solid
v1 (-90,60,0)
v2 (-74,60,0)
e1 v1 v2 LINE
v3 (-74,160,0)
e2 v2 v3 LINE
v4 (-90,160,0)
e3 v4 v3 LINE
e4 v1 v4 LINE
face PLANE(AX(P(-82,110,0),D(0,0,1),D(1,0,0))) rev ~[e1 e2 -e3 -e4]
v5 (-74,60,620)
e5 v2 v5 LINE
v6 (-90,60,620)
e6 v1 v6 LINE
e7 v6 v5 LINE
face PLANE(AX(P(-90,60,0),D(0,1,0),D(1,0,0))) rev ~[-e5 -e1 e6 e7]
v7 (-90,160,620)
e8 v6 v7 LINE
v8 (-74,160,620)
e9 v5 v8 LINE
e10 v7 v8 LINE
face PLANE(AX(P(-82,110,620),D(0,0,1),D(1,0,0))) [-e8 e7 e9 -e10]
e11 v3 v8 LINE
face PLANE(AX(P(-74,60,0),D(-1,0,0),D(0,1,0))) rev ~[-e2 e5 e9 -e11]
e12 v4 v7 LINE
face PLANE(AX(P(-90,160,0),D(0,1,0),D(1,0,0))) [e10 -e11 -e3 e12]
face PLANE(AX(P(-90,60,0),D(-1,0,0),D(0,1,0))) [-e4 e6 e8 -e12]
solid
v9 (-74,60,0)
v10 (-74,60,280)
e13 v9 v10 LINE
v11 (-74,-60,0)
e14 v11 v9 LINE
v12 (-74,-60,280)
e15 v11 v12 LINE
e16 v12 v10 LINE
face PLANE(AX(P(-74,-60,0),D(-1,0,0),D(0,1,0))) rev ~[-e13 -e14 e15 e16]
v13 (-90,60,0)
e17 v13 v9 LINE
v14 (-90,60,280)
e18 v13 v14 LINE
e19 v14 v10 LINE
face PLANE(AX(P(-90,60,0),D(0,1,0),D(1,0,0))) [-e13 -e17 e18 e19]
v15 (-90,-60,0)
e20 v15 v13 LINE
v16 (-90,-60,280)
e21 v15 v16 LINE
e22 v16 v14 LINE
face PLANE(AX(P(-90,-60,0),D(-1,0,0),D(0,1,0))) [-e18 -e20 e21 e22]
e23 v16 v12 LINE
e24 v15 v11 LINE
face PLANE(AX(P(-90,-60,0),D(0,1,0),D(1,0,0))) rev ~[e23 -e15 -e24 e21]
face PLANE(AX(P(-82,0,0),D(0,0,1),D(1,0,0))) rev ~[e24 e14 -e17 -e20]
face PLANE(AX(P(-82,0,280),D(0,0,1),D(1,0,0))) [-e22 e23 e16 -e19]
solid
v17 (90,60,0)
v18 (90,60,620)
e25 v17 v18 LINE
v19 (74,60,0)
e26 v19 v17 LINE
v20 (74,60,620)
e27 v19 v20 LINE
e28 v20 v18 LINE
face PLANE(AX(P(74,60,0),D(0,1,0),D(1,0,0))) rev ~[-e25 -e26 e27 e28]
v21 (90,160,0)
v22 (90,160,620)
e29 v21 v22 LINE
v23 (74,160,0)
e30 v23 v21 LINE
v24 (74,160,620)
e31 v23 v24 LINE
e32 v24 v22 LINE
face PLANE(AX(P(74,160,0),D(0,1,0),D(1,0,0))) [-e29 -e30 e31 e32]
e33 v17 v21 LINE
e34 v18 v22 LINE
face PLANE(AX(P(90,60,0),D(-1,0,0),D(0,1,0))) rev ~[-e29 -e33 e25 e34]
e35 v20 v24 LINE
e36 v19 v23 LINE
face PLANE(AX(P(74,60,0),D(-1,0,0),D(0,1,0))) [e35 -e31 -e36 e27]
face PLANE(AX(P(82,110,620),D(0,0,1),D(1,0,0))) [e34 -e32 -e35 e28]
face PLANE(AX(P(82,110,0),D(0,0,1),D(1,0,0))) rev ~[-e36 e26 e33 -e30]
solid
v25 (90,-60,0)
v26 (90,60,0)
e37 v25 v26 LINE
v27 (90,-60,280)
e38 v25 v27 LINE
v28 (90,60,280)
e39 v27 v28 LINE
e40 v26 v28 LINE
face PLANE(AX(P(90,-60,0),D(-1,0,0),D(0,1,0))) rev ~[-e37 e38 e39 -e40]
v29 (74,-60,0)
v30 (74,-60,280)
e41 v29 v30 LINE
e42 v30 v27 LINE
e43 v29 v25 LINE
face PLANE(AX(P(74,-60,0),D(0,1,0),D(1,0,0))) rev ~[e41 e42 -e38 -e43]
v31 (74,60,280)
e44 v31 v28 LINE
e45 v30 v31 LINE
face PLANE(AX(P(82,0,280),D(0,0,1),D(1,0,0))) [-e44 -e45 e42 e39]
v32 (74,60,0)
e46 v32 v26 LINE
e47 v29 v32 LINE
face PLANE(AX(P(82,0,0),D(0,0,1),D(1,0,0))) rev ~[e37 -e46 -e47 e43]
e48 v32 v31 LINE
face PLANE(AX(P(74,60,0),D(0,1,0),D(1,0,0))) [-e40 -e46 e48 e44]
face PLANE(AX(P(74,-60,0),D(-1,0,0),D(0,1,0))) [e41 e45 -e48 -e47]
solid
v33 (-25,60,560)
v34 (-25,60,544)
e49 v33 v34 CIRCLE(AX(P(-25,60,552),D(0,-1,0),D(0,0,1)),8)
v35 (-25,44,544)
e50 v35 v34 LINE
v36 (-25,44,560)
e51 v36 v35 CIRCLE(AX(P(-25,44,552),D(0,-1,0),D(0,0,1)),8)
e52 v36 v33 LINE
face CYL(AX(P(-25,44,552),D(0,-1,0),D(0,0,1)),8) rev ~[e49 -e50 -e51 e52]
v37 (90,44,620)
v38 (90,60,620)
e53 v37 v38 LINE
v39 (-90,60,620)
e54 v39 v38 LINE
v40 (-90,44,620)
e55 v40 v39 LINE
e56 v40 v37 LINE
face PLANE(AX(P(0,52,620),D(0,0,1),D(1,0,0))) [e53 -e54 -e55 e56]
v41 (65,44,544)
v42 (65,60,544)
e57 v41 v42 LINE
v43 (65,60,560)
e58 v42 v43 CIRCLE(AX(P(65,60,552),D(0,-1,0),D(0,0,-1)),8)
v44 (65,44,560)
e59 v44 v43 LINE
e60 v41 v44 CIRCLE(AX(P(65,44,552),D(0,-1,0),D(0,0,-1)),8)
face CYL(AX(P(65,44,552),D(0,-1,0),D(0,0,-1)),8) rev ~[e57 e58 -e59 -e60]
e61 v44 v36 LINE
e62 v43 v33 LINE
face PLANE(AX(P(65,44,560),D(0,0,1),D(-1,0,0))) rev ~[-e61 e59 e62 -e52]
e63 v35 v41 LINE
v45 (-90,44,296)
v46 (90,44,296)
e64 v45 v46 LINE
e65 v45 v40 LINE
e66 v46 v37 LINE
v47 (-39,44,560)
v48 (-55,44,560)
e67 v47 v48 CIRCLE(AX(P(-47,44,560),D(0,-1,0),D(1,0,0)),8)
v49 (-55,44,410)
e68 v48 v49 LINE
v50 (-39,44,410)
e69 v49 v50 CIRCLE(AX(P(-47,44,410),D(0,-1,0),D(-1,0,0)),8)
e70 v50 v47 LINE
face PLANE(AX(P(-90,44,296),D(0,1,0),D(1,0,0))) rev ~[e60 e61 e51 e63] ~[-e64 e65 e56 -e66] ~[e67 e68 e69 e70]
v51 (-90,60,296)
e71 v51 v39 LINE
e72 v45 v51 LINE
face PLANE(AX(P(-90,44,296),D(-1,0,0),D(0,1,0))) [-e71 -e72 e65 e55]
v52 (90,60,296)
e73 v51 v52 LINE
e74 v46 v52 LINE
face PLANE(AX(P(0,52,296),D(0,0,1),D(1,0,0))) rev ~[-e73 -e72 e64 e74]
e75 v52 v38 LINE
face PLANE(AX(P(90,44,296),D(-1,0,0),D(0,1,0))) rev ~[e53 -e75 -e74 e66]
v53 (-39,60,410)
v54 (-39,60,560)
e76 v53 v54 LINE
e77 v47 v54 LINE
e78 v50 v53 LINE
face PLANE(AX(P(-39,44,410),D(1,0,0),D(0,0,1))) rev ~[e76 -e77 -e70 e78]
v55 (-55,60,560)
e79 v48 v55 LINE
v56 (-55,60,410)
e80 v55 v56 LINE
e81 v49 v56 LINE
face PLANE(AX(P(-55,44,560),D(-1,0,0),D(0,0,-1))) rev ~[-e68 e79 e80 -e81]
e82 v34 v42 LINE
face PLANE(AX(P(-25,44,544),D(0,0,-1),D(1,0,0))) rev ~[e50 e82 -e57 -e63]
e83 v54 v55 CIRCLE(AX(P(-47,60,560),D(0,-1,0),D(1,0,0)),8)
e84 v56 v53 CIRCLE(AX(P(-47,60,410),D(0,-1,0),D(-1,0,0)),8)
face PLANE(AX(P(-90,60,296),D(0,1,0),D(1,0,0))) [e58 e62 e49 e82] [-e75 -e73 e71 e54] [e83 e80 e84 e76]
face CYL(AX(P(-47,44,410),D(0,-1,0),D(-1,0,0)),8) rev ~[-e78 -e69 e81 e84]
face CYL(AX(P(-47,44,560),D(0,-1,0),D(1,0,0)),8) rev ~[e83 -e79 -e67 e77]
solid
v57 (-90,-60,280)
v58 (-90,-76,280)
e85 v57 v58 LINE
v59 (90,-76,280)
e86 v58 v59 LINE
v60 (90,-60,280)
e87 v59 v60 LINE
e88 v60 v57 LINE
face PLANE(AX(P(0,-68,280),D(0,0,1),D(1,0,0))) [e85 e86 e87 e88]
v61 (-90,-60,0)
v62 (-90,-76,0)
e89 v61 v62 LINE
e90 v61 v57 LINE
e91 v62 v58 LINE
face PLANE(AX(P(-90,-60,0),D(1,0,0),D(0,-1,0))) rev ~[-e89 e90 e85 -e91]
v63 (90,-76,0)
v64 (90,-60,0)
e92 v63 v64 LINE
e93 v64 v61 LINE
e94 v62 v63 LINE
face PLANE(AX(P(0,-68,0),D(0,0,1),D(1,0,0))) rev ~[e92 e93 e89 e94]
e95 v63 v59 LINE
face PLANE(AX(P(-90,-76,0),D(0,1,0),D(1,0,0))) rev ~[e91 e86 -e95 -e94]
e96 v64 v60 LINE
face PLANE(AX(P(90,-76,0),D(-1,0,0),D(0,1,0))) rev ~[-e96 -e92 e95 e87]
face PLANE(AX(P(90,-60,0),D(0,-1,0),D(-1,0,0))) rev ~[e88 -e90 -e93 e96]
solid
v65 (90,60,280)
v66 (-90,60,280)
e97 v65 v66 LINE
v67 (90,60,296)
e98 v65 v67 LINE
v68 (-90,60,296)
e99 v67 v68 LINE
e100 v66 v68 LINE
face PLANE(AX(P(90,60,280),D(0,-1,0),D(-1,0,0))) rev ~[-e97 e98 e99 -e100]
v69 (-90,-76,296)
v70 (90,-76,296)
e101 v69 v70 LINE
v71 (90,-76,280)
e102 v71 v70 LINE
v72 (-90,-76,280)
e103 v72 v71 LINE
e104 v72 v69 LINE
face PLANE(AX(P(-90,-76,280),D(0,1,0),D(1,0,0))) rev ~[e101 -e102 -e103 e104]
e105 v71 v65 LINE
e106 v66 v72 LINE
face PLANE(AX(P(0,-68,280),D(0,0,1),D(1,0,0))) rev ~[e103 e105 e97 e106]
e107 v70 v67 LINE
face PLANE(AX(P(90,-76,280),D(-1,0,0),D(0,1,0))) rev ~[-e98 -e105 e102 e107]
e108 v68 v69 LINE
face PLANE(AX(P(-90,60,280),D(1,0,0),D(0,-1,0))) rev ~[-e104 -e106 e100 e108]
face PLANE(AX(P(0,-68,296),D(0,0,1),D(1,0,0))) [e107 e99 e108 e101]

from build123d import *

# Parameters (mm, degrees)
F0_W     = 16
F0_H     = 120
F1_DEPTH = 280
F0_H_2   = 100
F2_DEPTH = 620
F3_DEPTH = 280
F4_W     = 180
F4_H     = 16
F4_W_2   = 16
F4_H_2   = 120
F4_W_3   = 164
F5_DEPTH = 16
F6_W     = 180
F6_H     = 16
F7_DEPTH = 324
F9_DEPTH = 16


with BuildPart() as f1:
    # F0 (on Top) → F1 (new body)
    with BuildSketch(Plane.XY):
        with Locations((-82, 0)):
            Rectangle(F0_W, F0_H)
        with Locations((82, 0)):
            Rectangle(F0_W, F0_H)
    extrude(amount=F1_DEPTH)


with BuildPart() as f2:
    # F0 (on Top) → F2 (new body)
    with BuildSketch(Plane.XY):
        with Locations((-82, 110)):
            Rectangle(F0_W, F0_H_2)
        with Locations((82, 110)):
            Rectangle(F0_W, F0_H_2)
    extrude(amount=F2_DEPTH)


with BuildPart() as f3:
    # F0 (on Top) → F3 (new body, through all)
    with BuildSketch(Plane.XY):
        Polygon((-74, -60), (-90, -60), (-90, -76), (90, -76), (90, -60), (74, -60), align=None)
    extrude(amount=F3_DEPTH)


with BuildPart() as f5:
    # F4 (on face) → F5 (new body)
    with BuildSketch(Plane.XY.offset(280)):
        with Locations((0, -68)):
            Rectangle(F4_W, F4_H)
        with Locations((-82, 0)):
            Rectangle(F4_W_2, F4_H_2)
        with Locations((8, 0)):
            Rectangle(F4_W_3, F4_H_2)
    extrude(amount=F5_DEPTH)


with BuildPart() as f7:
    # F6 (on face) → F7 (new body, through all)
    with BuildSketch(Plane.XY.offset(296)):
        with Locations((0, 52)):
            Rectangle(F6_W, F6_H)
    extrude(amount=F7_DEPTH)

    # F8 (on face) → F9 (cut, through all)
    with BuildSketch(Plane.XZ.offset(-44)):
        with BuildLine():
            Line((65, 560), (-25, 560))
            ThreePointArc((-25, 560), (-33, 552), (-25, 544))
            Line((-25, 544), (65, 544))
            ThreePointArc((65, 544), (73, 552), (65, 560))
        make_face()
        with BuildLine():
            ThreePointArc((-39, 560), (-47, 568), (-55, 560))
            Line((-55, 560), (-55, 410))
            ThreePointArc((-55, 410), (-47, 402), (-39, 410))
            Line((-39, 410), (-39, 560))
        make_face()
    extrude(amount=-F9_DEPTH, mode=Mode.SUBTRACT)


solid = Compound([f1.part, f2.part, f3.part, f5.part, f7.part])
